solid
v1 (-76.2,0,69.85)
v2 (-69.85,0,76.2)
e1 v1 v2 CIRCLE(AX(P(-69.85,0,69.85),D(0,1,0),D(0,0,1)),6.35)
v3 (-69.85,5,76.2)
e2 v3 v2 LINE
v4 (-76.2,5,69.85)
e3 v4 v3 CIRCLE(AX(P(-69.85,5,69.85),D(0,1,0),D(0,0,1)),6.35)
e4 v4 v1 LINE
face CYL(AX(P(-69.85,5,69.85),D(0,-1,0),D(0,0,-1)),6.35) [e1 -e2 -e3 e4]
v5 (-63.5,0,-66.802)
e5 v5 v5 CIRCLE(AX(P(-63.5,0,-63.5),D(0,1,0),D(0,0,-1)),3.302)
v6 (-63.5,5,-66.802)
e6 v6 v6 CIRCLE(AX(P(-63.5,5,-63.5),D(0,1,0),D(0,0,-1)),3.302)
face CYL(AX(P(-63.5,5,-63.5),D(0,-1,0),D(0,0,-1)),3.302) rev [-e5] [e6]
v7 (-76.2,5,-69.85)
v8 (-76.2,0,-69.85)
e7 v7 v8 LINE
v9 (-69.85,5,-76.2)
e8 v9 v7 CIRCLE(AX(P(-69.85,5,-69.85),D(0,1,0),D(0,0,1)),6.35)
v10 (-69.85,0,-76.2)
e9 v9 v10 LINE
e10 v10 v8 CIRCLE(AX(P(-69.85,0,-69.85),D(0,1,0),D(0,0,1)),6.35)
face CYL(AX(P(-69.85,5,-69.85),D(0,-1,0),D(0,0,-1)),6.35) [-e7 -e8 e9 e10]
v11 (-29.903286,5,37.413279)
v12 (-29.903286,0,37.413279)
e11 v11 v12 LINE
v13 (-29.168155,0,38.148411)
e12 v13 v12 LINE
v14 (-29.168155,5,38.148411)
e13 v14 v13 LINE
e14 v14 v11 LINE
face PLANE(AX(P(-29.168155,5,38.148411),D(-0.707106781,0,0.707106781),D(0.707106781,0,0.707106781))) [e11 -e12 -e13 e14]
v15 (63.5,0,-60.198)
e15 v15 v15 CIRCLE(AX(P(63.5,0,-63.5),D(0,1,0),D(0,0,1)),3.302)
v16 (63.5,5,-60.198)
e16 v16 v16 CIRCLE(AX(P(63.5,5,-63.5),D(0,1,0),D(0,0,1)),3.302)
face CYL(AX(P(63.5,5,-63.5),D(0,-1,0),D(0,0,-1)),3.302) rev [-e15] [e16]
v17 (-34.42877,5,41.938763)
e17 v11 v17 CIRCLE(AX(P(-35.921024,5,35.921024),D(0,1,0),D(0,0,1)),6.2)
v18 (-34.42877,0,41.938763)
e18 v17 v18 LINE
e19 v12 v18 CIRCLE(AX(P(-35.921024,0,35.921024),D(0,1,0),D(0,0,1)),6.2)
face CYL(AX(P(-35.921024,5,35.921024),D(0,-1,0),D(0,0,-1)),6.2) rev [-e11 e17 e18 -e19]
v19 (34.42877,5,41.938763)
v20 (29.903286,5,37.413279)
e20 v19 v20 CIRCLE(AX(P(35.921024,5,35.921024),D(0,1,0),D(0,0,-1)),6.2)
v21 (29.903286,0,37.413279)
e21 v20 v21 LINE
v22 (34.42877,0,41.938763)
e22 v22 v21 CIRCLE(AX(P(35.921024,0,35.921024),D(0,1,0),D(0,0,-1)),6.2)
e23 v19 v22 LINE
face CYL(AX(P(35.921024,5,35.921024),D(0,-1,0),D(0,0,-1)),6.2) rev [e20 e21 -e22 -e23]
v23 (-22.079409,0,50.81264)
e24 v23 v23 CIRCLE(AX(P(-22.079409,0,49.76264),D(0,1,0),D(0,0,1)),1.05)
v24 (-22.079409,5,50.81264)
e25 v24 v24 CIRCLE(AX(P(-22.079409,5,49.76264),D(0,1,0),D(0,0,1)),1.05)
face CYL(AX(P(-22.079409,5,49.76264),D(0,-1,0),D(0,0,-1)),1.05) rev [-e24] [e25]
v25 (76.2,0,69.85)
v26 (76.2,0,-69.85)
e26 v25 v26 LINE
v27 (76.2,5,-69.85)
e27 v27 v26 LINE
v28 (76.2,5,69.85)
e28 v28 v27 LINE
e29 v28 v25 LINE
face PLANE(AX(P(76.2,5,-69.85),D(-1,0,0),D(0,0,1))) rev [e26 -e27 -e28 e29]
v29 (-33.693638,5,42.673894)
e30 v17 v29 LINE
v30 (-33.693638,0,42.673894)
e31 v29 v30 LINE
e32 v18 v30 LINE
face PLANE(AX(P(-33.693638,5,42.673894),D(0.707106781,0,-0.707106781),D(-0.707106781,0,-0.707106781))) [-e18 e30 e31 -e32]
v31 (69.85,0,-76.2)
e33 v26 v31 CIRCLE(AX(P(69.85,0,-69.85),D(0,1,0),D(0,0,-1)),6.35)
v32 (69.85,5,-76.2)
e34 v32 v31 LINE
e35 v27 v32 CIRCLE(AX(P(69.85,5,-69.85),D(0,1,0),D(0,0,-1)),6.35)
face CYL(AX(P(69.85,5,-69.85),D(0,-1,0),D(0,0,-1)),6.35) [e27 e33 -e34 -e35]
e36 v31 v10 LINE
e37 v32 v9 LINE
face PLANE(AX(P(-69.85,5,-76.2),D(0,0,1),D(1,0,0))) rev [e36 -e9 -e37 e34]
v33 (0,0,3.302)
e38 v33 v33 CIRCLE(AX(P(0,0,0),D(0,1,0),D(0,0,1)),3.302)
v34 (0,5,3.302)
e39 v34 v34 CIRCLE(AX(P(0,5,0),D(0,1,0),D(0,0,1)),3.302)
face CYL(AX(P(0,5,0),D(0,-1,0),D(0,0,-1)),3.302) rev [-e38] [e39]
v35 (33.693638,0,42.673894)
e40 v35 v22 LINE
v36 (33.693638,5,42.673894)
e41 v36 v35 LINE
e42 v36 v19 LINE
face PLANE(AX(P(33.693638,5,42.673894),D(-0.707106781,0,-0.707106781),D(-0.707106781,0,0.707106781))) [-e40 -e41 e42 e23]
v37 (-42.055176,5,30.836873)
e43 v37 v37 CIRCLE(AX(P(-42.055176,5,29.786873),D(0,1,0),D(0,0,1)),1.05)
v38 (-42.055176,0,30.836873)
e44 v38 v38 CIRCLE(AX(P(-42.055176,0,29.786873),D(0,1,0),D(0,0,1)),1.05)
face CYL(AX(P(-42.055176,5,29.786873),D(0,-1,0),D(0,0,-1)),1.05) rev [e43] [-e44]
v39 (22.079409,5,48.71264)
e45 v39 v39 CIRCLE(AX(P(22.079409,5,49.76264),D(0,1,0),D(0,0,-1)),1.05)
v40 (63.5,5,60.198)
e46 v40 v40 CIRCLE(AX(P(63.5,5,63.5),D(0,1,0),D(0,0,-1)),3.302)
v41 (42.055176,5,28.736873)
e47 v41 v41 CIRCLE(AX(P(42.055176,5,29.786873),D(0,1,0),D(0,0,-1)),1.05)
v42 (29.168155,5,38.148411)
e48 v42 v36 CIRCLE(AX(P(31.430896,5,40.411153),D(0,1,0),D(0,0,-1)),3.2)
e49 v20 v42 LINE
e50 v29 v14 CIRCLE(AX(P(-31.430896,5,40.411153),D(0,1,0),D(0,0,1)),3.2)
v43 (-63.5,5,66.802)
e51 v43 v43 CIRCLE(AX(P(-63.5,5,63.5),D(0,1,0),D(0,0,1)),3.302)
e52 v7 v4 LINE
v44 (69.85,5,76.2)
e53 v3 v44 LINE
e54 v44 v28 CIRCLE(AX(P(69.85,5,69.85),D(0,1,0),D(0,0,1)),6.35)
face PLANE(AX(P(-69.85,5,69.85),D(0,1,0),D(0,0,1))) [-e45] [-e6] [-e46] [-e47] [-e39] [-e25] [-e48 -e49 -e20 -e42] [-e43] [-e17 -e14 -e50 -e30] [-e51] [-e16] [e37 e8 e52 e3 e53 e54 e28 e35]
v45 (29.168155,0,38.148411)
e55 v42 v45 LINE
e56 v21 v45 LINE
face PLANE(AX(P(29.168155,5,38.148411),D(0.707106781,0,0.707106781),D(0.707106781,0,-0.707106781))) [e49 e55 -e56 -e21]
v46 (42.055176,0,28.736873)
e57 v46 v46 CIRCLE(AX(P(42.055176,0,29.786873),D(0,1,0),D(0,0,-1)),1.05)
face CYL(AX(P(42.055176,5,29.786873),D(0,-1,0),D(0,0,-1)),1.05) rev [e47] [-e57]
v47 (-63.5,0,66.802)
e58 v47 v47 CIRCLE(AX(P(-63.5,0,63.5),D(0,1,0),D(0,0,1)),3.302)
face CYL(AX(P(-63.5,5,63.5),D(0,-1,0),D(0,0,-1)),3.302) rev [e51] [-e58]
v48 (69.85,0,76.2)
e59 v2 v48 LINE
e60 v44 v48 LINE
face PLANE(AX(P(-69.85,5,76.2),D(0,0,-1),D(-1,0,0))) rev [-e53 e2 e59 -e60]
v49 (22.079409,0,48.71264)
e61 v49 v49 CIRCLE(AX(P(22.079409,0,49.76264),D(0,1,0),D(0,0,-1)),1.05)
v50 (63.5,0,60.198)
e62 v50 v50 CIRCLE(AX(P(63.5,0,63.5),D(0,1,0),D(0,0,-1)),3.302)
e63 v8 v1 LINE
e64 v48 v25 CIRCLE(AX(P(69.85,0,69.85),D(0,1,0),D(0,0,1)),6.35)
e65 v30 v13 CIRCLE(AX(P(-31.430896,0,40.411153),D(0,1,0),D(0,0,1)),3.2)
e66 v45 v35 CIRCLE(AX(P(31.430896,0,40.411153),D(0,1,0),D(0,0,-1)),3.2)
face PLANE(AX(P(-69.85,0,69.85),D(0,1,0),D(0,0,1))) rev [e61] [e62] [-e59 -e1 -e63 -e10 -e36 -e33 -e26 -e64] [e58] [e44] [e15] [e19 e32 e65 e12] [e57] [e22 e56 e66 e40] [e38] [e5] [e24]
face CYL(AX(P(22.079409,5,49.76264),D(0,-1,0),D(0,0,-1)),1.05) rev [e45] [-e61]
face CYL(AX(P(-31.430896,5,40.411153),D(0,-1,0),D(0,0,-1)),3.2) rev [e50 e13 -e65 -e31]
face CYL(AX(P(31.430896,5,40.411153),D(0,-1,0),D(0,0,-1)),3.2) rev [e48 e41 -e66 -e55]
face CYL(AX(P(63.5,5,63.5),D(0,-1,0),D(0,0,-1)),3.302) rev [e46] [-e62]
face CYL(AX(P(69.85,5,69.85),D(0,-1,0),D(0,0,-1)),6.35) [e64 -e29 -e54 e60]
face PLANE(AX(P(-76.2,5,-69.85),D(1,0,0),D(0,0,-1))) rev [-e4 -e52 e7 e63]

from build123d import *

# Parameters (mm, degrees)
SKETCH1_R           = 3.302
BOSS_EXTRUDE1_DEPTH = 5
SKETCH2_R           = 1.05
CUT_EXTRUDE2_DEPTH  = 108.879006299


with BuildPart() as part:
    # Sketch1 → Boss-Extrude1 (new body)
    with BuildSketch(Plane(origin=(0, 0, 0), x_dir=(1, 0, 0), z_dir=(0, 1, 0))):
        with BuildLine():
            Line((-69.85, 76.2), (69.85, 76.2))
            ThreePointArc((69.85, 76.2), (74.340128061, 74.340128061), (76.2, 69.85))
            Line((76.2, 69.85), (76.2, -69.85))
            ThreePointArc((76.2, -69.85), (74.340128061, -74.340128061), (69.85, -76.2))
            Line((69.85, -76.2), (-69.85, -76.2))
            ThreePointArc((-69.85, -76.2), (-74.340128061, -74.340128061), (-76.2, -69.85))
            Line((-76.2, -69.85), (-76.2, 69.85))
            ThreePointArc((-76.2, 69.85), (-74.340128061, 74.340128061), (-69.85, 76.2))
        make_face()
        with Locations(Location((63.5, 63.5, 0), (0, 0, 270))):
            Circle(SKETCH1_R, mode=Mode.SUBTRACT)
        with Locations(Location((63.5, -63.5, 0), (0, 0, 90))):
            Circle(SKETCH1_R, mode=Mode.SUBTRACT)
        with Locations(Location((-63.5, -63.5, 0), (0, 0, 270))):
            Circle(SKETCH1_R, mode=Mode.SUBTRACT)
        with Locations(Location((-63.5, 63.5, 0), (0, 0, 90))):
            Circle(SKETCH1_R, mode=Mode.SUBTRACT)
        with Locations(Location((0, 0, 0), (0, 0, 270))):
            Circle(SKETCH1_R, mode=Mode.SUBTRACT)
    extrude(amount=BOSS_EXTRUDE1_DEPTH)

    # Sketch2 → Cut-Extrude2 (cut, through all)
    with BuildSketch(Plane(origin=(0, 0, 0), x_dir=(1, 0, 0), z_dir=(0, 1, 0))):
        with Locations(Location((-42.055175811, -29.786873157, 0), (0, 0, 270))):
            Circle(SKETCH2_R)
        with Locations(Location((-22.079409243, -49.762639726, 0), (0, 0, 270))):
            Circle(SKETCH2_R)
        with Locations(Location((22.079409243, -49.762639726, 0), (0, 0, 90))):
            Circle(SKETCH2_R)
        with Locations(Location((42.055175811, -29.786873157, 0), (0, 0, 90))):
            Circle(SKETCH2_R)
        with BuildLine():
            Line((-33.693638124, -42.673894245), (-34.428769513, -41.938762855))
            ThreePointArc((-34.428769513, -41.938762855), (-40.305086528, -31.536962441), (-29.903286113, -37.413279456))
            Line((-29.903286113, -37.413279456), (-29.168154724, -38.148410845))
            ThreePointArc((-29.168154724, -38.148410845), (-29.168154724, -42.673894245), (-33.693638124, -42.673894245))
        make_face()
        with BuildLine():
            Line((33.693638124, -42.673894245), (34.428769513, -41.938762855))
            ThreePointArc((34.428769513, -41.938762855), (40.305086528, -31.536962441), (29.903286113, -37.413279456))
            Line((29.903286113, -37.413279456), (29.168154724, -38.148410845))
            ThreePointArc((29.168154724, -38.148410845), (29.168154724, -42.673894245), (33.693638124, -42.673894245))
        make_face()
    extrude(amount=CUT_EXTRUDE2_DEPTH, mode=Mode.SUBTRACT)


solid = part.part
